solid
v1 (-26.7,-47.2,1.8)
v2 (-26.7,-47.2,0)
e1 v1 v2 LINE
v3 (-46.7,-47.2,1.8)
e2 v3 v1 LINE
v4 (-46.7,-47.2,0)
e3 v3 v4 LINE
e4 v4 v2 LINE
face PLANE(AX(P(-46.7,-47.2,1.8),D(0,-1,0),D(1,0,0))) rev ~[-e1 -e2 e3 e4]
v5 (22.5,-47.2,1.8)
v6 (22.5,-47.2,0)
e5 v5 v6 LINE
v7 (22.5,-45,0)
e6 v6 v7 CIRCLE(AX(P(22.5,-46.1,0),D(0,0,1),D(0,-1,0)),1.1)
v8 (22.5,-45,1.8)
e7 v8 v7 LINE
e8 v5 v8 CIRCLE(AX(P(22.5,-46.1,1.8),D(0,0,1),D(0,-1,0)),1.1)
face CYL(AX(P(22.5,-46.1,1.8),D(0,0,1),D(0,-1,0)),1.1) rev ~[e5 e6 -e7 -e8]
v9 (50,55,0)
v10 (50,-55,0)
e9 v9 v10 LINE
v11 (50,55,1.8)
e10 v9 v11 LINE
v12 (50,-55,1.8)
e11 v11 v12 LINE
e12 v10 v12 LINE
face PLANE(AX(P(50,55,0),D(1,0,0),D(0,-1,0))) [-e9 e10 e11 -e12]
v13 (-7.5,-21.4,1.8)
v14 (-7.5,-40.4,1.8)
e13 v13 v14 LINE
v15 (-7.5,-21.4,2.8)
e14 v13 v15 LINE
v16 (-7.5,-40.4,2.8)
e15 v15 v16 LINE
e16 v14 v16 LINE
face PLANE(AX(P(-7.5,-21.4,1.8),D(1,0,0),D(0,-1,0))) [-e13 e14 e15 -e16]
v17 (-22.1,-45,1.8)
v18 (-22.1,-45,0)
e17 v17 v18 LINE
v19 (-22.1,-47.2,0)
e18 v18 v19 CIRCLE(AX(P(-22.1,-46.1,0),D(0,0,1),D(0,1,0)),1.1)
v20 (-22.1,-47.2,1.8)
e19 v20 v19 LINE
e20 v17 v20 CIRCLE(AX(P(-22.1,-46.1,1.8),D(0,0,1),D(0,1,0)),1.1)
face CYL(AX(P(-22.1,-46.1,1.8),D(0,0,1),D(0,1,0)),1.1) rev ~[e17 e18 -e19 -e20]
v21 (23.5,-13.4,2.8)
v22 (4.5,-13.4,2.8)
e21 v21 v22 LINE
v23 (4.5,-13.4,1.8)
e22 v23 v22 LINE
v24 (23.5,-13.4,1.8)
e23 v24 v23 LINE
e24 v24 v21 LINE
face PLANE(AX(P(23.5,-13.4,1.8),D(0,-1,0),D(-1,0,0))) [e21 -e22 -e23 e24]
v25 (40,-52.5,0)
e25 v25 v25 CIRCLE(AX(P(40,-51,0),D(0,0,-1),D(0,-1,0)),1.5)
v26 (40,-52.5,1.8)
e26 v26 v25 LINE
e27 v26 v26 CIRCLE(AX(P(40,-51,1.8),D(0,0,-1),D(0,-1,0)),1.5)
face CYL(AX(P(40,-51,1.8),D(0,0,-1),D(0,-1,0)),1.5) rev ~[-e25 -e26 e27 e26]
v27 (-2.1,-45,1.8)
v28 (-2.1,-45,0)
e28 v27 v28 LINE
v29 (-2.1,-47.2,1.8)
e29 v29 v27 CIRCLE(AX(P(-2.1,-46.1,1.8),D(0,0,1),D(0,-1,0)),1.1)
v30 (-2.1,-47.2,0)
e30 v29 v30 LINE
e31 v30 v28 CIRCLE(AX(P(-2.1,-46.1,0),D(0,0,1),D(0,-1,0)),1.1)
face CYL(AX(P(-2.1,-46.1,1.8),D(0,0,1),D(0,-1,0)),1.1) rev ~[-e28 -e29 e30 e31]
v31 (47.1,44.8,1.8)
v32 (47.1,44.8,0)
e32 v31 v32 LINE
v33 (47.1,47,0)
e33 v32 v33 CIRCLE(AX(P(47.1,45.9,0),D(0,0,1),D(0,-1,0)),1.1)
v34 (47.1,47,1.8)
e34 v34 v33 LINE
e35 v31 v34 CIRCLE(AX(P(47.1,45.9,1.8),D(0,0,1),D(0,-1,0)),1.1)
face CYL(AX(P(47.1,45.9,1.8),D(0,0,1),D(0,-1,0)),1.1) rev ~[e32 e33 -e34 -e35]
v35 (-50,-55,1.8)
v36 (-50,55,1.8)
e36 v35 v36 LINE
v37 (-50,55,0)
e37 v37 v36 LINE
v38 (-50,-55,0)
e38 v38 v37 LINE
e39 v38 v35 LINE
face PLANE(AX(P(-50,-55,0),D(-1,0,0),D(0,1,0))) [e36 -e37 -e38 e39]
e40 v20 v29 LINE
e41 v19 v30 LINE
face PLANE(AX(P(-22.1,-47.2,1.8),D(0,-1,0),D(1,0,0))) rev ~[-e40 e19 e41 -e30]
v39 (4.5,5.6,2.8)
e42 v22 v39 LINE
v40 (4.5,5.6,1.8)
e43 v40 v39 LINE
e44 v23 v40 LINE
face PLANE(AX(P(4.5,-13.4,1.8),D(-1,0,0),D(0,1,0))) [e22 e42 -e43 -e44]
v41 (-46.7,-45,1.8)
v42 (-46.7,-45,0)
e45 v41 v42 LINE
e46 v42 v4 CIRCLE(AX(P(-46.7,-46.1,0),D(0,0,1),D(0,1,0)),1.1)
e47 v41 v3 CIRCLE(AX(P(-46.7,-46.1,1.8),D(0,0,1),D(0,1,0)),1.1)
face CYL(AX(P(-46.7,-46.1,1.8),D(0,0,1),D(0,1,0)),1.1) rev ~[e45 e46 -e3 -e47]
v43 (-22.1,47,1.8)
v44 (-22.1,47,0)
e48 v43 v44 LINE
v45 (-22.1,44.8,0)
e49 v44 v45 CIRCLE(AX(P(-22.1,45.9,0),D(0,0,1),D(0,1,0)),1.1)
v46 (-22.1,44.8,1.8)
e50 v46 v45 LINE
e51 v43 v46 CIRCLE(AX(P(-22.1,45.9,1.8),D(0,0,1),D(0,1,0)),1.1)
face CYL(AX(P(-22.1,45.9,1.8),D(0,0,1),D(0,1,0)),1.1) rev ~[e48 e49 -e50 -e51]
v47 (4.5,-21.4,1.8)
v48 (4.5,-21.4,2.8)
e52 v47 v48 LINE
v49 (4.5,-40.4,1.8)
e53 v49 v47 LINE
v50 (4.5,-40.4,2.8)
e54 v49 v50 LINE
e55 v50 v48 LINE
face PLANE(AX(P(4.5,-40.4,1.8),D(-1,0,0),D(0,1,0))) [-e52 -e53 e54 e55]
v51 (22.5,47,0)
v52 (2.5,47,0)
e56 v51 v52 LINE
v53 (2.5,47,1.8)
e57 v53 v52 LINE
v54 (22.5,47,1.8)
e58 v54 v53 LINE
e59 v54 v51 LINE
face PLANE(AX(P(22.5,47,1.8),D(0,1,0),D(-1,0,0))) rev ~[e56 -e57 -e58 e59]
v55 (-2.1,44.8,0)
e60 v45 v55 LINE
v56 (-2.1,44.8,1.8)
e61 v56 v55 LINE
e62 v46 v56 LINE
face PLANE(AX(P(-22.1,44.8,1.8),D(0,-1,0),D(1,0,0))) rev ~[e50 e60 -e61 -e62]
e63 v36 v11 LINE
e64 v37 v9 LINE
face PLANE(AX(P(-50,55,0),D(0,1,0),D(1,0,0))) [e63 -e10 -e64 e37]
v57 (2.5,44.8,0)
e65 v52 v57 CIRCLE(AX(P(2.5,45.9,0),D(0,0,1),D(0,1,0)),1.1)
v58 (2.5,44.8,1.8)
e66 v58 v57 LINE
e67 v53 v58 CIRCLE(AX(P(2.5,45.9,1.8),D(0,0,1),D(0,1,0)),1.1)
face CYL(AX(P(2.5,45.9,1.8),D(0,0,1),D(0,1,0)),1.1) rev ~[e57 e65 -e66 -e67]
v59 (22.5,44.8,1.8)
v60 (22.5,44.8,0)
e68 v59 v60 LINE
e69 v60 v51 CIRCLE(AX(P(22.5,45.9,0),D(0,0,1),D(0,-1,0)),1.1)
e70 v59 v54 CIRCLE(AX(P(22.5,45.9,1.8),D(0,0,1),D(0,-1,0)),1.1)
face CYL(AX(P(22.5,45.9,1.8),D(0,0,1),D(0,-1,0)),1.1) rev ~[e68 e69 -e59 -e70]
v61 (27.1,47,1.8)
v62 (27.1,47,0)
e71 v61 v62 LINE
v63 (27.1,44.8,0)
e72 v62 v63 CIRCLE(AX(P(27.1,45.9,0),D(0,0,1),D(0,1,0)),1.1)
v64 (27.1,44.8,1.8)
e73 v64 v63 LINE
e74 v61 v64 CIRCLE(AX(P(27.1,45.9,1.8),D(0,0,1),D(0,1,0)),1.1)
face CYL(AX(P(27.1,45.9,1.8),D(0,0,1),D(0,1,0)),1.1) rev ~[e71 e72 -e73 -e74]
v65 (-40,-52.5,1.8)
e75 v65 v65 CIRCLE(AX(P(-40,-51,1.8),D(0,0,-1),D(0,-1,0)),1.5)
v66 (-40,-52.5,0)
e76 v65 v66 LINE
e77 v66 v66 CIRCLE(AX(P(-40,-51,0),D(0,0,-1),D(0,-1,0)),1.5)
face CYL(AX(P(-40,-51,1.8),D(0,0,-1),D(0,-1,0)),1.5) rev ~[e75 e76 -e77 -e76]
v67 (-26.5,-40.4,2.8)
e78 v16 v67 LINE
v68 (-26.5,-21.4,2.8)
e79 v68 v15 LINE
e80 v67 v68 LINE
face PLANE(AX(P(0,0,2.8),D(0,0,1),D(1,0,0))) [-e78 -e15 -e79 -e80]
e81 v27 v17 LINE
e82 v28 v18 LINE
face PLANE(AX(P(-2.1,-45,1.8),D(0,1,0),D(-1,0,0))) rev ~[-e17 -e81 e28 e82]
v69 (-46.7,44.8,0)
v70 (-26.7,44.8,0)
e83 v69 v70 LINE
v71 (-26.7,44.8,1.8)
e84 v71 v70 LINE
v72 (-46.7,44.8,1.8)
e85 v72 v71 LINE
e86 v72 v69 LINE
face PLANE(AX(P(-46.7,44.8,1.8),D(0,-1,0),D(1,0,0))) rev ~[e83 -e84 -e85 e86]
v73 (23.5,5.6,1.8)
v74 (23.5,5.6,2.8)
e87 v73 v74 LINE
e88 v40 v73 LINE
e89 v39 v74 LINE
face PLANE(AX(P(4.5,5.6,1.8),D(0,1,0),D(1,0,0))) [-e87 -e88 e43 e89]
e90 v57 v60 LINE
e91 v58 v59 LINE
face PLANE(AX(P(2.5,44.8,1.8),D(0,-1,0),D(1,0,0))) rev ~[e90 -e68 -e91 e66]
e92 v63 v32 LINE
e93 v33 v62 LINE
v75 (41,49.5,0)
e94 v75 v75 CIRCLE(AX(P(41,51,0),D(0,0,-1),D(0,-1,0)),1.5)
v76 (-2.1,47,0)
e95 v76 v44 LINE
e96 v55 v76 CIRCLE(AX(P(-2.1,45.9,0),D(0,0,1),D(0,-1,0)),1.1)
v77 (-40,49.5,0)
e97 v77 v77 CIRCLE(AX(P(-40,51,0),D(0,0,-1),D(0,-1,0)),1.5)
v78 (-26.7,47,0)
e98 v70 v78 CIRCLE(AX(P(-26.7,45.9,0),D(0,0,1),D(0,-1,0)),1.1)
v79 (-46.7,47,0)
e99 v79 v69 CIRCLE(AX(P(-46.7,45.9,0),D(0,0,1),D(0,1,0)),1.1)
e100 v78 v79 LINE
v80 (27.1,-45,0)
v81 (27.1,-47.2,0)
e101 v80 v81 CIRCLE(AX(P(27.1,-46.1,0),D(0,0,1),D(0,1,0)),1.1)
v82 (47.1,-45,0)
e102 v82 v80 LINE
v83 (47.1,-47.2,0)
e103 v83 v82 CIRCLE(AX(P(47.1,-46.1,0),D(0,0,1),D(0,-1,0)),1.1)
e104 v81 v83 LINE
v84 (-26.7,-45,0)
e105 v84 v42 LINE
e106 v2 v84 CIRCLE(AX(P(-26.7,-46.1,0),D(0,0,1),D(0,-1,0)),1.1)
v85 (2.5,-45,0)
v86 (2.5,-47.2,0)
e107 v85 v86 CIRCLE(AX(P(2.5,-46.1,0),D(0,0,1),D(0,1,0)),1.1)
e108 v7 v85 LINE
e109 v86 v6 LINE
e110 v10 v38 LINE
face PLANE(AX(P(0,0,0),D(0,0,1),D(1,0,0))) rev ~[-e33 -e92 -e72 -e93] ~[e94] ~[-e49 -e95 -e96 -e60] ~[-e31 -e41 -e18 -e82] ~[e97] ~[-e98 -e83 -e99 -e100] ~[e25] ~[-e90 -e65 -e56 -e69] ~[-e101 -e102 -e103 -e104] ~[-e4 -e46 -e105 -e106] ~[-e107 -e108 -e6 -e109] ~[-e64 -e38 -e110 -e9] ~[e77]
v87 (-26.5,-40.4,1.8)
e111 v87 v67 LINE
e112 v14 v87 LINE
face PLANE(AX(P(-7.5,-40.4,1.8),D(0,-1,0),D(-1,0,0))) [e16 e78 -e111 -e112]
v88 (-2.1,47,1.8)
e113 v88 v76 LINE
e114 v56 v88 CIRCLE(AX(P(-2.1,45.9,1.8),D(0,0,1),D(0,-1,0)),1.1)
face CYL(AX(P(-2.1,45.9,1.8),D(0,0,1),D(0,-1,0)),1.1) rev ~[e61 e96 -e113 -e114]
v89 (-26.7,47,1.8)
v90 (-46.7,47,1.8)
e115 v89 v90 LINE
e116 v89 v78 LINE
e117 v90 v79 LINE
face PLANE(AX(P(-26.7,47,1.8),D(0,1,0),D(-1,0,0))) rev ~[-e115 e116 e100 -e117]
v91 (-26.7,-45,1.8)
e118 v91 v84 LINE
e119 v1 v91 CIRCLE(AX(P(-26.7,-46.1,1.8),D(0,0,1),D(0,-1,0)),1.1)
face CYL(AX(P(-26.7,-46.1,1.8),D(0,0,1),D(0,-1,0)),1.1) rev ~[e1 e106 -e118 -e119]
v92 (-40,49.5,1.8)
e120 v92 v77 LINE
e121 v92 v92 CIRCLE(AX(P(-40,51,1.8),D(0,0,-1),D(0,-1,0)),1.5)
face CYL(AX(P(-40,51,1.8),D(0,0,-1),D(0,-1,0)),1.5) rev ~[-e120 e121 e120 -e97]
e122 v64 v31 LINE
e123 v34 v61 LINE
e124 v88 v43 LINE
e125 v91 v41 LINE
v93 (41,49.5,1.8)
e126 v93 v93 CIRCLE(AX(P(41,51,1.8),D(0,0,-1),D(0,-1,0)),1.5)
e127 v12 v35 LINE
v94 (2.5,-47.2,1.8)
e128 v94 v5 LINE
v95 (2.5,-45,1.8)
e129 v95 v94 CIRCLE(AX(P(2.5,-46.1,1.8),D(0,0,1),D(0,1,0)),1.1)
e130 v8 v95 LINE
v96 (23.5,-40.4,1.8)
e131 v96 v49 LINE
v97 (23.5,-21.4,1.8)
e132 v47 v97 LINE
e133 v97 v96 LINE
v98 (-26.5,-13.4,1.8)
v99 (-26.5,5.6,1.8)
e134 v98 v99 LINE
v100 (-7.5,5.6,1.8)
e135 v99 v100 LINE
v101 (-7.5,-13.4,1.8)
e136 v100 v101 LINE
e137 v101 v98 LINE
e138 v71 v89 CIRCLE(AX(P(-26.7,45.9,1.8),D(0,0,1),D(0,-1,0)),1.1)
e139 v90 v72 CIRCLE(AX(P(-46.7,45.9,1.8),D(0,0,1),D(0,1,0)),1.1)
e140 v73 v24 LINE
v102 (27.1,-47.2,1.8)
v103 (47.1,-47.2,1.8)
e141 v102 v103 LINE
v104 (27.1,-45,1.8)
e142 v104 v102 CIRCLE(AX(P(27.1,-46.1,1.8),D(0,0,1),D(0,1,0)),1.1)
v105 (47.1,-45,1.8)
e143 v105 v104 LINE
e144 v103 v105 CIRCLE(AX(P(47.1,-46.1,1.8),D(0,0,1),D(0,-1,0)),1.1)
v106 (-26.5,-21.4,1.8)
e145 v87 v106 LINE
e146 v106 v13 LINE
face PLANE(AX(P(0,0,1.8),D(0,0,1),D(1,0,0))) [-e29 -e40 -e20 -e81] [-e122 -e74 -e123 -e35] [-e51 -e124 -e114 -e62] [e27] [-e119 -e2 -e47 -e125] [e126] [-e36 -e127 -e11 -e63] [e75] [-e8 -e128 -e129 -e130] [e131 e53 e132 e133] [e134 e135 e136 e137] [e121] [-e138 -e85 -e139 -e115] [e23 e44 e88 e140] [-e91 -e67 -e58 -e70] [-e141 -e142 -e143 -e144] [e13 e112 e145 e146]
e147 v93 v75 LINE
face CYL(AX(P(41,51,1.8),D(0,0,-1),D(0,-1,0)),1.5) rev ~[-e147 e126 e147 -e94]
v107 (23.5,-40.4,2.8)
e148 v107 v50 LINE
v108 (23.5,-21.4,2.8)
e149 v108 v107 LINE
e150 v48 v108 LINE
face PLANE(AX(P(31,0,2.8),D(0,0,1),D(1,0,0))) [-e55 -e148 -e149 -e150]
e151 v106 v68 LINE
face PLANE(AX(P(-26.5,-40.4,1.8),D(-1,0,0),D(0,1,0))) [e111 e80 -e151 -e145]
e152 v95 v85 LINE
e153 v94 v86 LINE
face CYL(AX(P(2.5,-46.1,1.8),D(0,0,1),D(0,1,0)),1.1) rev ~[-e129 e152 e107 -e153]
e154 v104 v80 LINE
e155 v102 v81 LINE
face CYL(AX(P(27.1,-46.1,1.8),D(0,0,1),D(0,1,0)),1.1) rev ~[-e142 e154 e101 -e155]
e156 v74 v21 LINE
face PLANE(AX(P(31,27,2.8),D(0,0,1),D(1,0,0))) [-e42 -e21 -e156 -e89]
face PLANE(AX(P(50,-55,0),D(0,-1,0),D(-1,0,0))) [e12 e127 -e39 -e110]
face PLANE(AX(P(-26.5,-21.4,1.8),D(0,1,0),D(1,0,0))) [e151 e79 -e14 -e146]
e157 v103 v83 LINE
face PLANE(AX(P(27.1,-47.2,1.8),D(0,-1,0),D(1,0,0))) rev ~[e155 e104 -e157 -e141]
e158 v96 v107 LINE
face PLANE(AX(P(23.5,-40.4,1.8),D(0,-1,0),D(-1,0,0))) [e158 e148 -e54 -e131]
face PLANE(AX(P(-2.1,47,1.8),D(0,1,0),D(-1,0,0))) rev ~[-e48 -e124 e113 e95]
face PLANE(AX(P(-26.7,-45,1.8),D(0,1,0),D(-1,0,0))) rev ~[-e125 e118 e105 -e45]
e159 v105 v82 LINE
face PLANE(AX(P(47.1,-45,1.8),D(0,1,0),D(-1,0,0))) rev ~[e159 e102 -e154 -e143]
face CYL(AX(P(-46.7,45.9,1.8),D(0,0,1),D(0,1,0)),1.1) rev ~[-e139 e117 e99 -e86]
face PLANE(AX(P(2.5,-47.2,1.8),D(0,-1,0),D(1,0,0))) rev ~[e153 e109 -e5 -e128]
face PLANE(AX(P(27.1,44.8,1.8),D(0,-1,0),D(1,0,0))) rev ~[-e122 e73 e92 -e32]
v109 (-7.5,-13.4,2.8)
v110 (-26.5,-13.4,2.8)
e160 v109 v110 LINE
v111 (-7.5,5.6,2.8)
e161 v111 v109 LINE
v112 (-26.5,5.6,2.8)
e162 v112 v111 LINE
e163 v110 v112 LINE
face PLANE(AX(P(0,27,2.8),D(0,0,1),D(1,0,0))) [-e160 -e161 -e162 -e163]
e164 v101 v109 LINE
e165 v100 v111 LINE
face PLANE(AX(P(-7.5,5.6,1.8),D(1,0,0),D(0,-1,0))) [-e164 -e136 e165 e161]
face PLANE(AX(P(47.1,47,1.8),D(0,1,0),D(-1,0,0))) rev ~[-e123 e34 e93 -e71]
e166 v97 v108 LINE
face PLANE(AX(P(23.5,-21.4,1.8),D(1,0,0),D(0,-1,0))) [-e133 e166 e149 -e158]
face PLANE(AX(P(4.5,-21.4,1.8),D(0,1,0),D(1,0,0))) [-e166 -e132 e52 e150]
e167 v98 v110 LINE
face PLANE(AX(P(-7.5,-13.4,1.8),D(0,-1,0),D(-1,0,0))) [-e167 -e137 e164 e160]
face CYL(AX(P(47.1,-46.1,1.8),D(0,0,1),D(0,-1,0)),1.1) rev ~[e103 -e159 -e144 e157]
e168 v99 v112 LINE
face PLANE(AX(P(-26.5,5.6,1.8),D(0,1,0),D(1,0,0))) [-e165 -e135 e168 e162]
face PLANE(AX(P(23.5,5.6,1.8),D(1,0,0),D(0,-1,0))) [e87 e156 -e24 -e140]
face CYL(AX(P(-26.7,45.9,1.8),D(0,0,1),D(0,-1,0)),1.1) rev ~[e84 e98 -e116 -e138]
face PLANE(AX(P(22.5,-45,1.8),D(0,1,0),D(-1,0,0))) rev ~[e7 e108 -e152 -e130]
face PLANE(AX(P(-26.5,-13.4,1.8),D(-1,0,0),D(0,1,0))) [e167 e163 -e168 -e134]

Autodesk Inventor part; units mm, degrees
ref_plane "YZ Plane" through (0, 0, 0) normal (1, 0, 0) x (0, 1, 0)
ref_plane "XZ Plane" through (0, 0, 0) normal (0, 1, 0) x (-1, 0, 0)
ref_plane "XY Plane" through (0, 0, 0) normal (0, 0, 1) x (1, 0, 0)
sketch "Sketch1" plane through (0, 0, 0) normal (0, 0, 1) x (1, 0, 0)
  line L0 (-50, 55) -> (50, 55)
  line L1 (50, 55) -> (50, -55)
  line L2 (50, -55) -> (-50, -55)
  line L3 (-50, -55) -> (-50, 55)
  line L4 (-50, 55) -> (50, -55) construction
  line L5 (50, 55) -> (-50, -55) construction
  point P0 (0, 0)
  dimension "d0" = 100
  dimension "d1" = 110
extrude "Extrusion1" add sketch "Sketch1" along normal blind 1.8
sketch "Sketch2" plane through (0, 0, 1.8) normal (0, 0, 1) x (1, 0, 0)
  line L0 (-26.5, -21.4) -> (-7.5, -21.4)
  line L1 (-7.5, -21.4) -> (-7.5, -40.4)
  line L2 (-7.5, -40.4) -> (-26.5, -40.4)
  line L3 (-26.5, -40.4) -> (-26.5, -21.4)
  line L4 (-26.5, -21.4) -> (-7.5, -40.4) construction
  line L5 (-7.5, -21.4) -> (-26.5, -40.4) construction
  line L6 (-50, -55) -> (50, -55) projected
  line L7 (-50, 55) -> (-50, -55) projected
  point P0 (0, 0)
  point P1 (-17, -30.9)
  dimension "d4" = 19
  dimension "d5" = 19
  dimension "d8" = 33.6
  dimension "d9" = 42.5
extrude "Extrusion2" add sketch "Sketch2" along normal blind 1
pattern_linear "Rectangular Pattern1" count 2 spacing 31 along (1, 0, 0) count 2 spacing 27 along (0, 1, 0) of "Extrusion2"
sketch "Sketch3" plane through (0, 0, 1.8) normal (0, 0, 1) x (1, 0, 0)
  line L0 (-46.7, -46.1) -> (-26.7, -46.1) construction
  line L1 (-46.7, -47.2) -> (-26.7, -47.2)
  line L2 (-26.7, -45) -> (-46.7, -45)
  arc A0 (-46.7, -45) -> (-46.7, -47.2) centre (-46.7, -46.1) ccw
  arc A1 (-26.7, -47.2) -> (-26.7, -45) centre (-26.7, -46.1) ccw
  line L3 (-50, 55) -> (-50, -55) projected
  line L4 (-50, -55) -> (50, -55) projected
  point P0 (0, 0)
  point P1 (-36.7, -46.1)
  dimension "d16" = 20
  dimension "d17" = 2.2
  dimension "d18" = 2.2
  dimension "d19" = 7.8
extrude "Extrusion3" cut sketch "Sketch3" against normal through all
pattern_linear "Rectangular Pattern2" count 4 spacing 24.6 along (1, 0, 0) count 2 spacing 92 along (0, 1, 0) of "Extrusion3"
sketch "Sketch4" plane through (0, 0, 1.8) normal (0, 0, 1) x (1, 0, 0)
  line L0 (50, -55) -> (50, 55) projected
  line L1 (50, 42.3) -> (-50.0933, 42.3) construction
  line L2 (47.1, 44.8) -> (27.1, 44.8) projected
  line L3 (50, -5.2) -> (-50.0933, -5.2) construction
  line L4 (35, 55) -> (35, -55) construction
  line L5 (36, 55) -> (36, -55) construction
  line L6 (-47, 55) -> (-47, -55) construction
  line L7 (-50, -55) -> (50, -55) construction
  line L8 (-50, 55) -> (-50, -55) construction
  line L9 (-50, 23) -> (-32.5921, 23) construction
  line L10 (50, 55) -> (-50, 55) construction
  line L11 (60.1599, 62.0026) -> (59.0568, -63.0375) construction
  line L12 (59.0568, -63.0375) -> (-57.4953, -62.0093) construction
  line L13 (-57.4953, -62.0093) -> (-56.3922, 63.0308) construction
  line L14 (-56.3922, 63.0308) -> (60.1599, 62.0026) construction
  point P0 (0, 0)
  dimension "d28" = 2.5
  dimension "d29" = 50
  dimension "d30" = 15
  dimension "d31" = 14
  dimension "d44" = 3
  dimension "d45" = 32
sketch "Sketch5" plane through (0, 0, 1.8) normal (0, 0, 1) x (1, 0, 0)
  line L0 (-50, 55) -> (-50, -55) projected
  line L1 (50, -55) -> (50, 55) projected
  line L2 (50, 55) -> (-50, 55) projected
  line L3 (-50, -55) -> (50, -55) projected
  point P0 (0, 0)
  point P1 (-40, 51)
  point P2 (41, 51)
  point P3 (-40, -51)
  point P4 (40, -51)
  dimension "d32" = 10
  dimension "d33" = 9
  dimension "d34" = 4
  dimension "d36" = 4
  dimension "d88" = 10
hole "Hole1" at (-40, 51, 1.8) at (-40, -51, 1.8) at (40, -51, 1.8) at (41, 51, 1.8) direction (0, 0, -1) diameter 3 end through all
sketch "Sketch7" plane through (0, 0, 1.8) normal (0, 0, 1) x (1, 0, 0)
  point P0 (0, 0)
equation "\"d36\" = d34"
properties part number "PCB"
